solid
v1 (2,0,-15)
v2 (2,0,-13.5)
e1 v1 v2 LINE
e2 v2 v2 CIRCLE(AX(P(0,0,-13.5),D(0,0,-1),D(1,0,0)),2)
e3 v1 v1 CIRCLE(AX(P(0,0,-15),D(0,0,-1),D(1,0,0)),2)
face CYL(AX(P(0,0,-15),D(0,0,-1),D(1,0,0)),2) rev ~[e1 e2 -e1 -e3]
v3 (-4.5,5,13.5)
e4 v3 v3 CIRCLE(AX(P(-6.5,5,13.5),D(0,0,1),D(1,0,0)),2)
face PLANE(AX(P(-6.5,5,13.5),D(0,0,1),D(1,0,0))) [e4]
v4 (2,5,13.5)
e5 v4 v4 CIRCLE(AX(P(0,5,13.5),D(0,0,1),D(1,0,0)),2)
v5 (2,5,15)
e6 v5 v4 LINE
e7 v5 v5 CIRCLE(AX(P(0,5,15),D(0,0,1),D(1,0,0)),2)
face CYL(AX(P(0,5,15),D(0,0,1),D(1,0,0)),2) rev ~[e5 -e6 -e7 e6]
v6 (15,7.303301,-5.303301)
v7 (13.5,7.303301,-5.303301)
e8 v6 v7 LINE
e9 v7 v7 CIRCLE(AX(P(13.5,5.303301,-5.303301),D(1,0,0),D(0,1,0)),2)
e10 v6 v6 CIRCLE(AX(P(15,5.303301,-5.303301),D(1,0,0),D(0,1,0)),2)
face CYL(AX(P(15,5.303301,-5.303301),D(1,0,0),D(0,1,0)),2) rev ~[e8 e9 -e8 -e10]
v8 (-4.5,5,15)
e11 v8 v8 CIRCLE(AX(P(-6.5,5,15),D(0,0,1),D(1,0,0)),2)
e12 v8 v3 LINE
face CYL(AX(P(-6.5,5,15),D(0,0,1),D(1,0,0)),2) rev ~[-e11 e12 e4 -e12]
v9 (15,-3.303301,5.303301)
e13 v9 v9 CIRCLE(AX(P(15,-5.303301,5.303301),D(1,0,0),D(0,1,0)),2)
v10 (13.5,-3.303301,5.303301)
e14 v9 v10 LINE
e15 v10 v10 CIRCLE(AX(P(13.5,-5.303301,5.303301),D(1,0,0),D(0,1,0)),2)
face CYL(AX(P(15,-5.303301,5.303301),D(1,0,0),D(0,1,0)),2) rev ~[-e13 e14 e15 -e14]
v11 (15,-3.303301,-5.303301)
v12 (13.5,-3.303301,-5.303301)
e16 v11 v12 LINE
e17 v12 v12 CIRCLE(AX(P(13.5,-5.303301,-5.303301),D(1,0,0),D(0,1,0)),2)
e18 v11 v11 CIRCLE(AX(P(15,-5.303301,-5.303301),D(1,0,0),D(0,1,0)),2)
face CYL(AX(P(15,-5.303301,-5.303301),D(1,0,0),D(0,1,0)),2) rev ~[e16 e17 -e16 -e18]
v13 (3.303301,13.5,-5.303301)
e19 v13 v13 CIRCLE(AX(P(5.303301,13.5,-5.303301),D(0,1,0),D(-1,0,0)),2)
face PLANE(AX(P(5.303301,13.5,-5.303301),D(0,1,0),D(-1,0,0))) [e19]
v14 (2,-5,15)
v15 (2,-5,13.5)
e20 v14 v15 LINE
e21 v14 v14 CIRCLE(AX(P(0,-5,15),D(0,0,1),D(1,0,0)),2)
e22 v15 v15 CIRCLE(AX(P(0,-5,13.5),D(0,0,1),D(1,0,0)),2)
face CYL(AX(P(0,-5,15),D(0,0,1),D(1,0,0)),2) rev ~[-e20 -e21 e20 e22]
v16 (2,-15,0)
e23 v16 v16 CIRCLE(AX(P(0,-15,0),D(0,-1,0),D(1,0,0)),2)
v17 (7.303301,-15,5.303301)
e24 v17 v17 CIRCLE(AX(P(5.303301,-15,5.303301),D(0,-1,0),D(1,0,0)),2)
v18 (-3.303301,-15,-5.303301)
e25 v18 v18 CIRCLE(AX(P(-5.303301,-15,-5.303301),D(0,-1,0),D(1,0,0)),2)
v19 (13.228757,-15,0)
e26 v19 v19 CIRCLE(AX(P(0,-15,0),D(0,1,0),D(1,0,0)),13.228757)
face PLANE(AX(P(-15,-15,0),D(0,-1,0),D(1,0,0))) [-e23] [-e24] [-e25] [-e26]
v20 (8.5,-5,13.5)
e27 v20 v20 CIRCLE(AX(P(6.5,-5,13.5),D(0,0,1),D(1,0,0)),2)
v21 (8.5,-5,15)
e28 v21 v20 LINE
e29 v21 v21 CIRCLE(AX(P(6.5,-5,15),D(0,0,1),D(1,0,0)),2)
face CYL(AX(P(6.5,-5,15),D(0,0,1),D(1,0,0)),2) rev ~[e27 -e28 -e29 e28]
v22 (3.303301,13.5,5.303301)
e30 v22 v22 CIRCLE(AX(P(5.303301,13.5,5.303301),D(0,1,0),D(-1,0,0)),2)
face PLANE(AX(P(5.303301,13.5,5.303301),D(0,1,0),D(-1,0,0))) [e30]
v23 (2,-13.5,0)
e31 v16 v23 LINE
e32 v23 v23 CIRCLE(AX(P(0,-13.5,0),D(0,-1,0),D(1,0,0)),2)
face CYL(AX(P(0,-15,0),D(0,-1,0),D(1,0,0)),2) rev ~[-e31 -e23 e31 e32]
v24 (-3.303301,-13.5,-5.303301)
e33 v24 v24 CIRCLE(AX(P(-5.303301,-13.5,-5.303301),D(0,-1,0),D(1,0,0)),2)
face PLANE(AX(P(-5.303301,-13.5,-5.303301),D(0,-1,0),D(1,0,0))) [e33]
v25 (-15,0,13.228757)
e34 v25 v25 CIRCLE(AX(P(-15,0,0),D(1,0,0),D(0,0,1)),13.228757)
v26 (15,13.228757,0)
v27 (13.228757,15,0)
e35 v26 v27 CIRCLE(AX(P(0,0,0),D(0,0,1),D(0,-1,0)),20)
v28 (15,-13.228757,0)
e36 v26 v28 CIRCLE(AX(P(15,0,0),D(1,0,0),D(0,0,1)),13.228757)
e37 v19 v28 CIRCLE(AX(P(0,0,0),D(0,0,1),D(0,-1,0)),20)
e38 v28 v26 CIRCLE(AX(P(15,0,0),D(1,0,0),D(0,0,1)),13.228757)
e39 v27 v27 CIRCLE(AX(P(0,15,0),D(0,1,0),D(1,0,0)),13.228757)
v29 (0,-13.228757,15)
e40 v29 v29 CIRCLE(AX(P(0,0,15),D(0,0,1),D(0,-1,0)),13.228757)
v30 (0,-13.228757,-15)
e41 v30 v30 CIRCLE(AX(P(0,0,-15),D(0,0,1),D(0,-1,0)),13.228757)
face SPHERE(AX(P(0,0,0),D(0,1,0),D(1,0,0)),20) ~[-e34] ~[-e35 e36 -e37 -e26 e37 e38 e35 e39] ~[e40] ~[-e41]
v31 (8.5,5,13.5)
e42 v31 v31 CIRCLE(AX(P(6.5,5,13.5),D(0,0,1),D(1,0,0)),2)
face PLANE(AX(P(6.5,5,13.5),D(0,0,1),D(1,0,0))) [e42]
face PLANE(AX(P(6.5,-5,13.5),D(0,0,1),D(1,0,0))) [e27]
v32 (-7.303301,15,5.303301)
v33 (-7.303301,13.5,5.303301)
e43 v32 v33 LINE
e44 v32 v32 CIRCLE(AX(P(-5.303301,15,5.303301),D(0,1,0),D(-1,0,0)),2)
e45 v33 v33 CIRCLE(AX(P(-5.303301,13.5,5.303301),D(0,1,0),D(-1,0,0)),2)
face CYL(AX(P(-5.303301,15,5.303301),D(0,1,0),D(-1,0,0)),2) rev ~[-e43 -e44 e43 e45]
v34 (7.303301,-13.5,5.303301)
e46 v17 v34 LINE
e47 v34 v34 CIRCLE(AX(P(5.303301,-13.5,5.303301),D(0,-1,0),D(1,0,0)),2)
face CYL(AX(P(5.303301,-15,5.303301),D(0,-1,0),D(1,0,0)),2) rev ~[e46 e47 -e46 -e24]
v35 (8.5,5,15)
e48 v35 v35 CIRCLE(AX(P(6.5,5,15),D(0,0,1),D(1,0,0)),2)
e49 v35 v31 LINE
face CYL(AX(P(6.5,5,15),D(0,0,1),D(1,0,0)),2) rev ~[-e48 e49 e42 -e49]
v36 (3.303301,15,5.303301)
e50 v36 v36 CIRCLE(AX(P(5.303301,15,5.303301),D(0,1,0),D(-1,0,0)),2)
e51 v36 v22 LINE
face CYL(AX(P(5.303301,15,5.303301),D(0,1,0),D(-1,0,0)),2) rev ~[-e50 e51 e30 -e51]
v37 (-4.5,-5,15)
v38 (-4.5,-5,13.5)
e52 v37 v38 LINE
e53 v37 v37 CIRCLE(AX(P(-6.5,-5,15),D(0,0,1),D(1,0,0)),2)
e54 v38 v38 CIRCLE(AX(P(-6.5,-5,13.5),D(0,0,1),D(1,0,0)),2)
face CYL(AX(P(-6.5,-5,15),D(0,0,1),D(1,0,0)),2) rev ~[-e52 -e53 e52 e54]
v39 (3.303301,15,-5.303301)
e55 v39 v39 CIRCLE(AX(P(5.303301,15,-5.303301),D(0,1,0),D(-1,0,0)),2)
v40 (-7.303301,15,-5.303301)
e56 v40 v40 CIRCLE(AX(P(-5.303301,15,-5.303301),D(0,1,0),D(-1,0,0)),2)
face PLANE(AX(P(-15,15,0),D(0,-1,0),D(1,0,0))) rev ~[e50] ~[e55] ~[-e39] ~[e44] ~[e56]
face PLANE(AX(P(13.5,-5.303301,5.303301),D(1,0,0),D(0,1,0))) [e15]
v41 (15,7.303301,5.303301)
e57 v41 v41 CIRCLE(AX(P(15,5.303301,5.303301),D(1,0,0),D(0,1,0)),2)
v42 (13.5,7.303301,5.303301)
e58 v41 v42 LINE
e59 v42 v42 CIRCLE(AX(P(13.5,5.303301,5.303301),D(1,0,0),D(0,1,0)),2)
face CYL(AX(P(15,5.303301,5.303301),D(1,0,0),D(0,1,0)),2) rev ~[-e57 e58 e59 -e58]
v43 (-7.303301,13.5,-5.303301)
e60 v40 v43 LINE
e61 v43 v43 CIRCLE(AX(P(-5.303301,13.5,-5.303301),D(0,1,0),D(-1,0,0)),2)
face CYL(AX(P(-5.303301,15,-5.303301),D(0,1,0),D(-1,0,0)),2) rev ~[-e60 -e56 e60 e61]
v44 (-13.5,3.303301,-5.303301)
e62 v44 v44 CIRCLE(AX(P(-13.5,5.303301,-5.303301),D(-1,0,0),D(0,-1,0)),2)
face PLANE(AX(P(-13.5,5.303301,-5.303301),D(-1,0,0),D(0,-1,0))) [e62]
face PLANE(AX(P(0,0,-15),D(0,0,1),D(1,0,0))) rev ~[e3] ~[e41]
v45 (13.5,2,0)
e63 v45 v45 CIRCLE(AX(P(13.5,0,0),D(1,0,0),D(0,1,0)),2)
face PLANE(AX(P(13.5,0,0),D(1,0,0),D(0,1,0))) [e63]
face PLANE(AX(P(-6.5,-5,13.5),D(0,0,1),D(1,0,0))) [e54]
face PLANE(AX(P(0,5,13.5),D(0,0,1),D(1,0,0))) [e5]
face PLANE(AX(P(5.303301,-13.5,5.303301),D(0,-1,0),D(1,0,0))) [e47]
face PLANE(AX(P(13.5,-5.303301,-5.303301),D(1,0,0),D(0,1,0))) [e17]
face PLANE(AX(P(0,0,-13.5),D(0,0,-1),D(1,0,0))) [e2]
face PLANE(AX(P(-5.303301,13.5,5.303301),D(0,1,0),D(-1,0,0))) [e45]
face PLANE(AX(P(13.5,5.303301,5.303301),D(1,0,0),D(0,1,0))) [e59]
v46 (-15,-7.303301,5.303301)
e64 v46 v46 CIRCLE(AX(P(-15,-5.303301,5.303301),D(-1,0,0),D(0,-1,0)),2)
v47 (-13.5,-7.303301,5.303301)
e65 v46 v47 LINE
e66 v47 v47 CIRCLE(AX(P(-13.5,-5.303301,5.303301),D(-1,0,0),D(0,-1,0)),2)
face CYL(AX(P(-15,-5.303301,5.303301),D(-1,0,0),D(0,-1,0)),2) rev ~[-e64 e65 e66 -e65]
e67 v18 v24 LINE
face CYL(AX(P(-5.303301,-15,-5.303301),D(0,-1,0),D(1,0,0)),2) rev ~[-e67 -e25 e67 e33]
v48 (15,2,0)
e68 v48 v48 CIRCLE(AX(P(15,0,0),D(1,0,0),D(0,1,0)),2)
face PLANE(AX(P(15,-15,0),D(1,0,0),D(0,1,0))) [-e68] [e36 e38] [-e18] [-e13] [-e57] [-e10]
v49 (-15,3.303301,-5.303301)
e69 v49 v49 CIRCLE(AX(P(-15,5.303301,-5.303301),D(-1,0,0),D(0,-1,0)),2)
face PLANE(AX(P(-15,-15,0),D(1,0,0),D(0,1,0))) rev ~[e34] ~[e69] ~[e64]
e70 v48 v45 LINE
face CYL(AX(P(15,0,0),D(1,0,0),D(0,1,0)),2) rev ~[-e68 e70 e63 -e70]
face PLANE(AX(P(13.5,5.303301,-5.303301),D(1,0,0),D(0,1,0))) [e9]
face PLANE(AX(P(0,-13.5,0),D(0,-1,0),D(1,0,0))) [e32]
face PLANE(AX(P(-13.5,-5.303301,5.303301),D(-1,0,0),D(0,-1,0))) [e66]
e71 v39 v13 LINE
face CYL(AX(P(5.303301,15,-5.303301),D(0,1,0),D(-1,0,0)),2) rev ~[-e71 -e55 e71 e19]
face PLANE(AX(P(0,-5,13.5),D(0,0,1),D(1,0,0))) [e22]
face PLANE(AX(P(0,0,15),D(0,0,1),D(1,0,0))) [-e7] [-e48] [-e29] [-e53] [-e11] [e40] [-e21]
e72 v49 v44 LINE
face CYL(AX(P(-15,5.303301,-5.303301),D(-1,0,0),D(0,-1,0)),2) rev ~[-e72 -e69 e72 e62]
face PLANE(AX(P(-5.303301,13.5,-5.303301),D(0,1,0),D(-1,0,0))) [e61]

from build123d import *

# Parameters (mm, degrees)
F0_W      = 30
F0_H      = 30
F1_DEPTH  = 15
F5_R      = 2
F6_DEPTH  = 1.5
F7_R      = 2
F8_DEPTH  = 1.5
F9_R      = 2
F10_DEPTH = 1.5
F11_R     = 2
F12_DEPTH = 1.5
F13_R     = 2
F14_DEPTH = 1.5
F15_R     = 2
F16_DEPTH = 1.5


with BuildPart() as f1:
    # F0 (on Top) → F1 (new body, symmetric)
    with BuildSketch(Plane.XY):
        Rectangle(F0_W, F0_H)
    extrude(amount=F1_DEPTH, both=True)


with BuildPart() as f3:
    # F2 (on Top) → F3 (revolve)
    with BuildSketch(Plane.XY):
        with BuildLine():
            ThreePointArc((0, -20), (20, 0), (0, 20))
            Line((0, 20), (0, -20))
        make_face()
    revolve(axis=Axis((0, 0, 0), (0, -1, 0)))


with BuildPart() as f1_1:
    add(f1.part)

    # F4: intersect F3
    add(f3.part, mode=Mode.INTERSECT)

    # F5 (on face) → F6 (cut)
    with BuildSketch(Plane(origin=(0, 0, -15), x_dir=(1, 0, 0), z_dir=(0, 0, -1))):
        Circle(F5_R)
    extrude(amount=-F6_DEPTH, mode=Mode.SUBTRACT)

    # F7 (on face) → F8 (cut)
    with BuildSketch(Plane.XY.offset(15)):
        with Locations((0, 5)):
            Circle(F7_R)
        with Locations((6.5, 5)):
            Circle(F7_R)
        with Locations((0, -5)):
            Circle(F7_R)
        with Locations((6.5, -5)):
            Circle(F7_R)
        with Locations((-6.5, -5)):
            Circle(F7_R)
        with Locations((-6.5, 5)):
            Circle(F7_R)
    extrude(amount=-F8_DEPTH, mode=Mode.SUBTRACT)

    # F9 (on face) → F10 (cut)
    with BuildSketch(Plane(origin=(-15, 0, 0), x_dir=(0, -1, 0), z_dir=(-1, 0, 0))):
        with Locations((5.303301, 5.303301)):
            Circle(F9_R)
        with Locations((-5.303301, -5.303301)):
            Circle(F9_R)
    extrude(amount=-F10_DEPTH, mode=Mode.SUBTRACT)

    # F11 (on face) → F12 (cut)
    with BuildSketch(Plane.YZ.offset(15)):
        with Locations((5.303301, 5.303301)):
            Circle(F11_R)
        Circle(F11_R)
        with Locations((-5.303301, 5.303301)):
            Circle(F11_R)
        with Locations((5.303301, -5.303301)):
            Circle(F11_R)
        with Locations((-5.303301, -5.303301)):
            Circle(F11_R)
    extrude(amount=-F12_DEPTH, mode=Mode.SUBTRACT)

    # F13 (on face) → F14 (cut)
    with BuildSketch(Plane.XZ.offset(15)):
        with Locations((5.303301, 5.303301)):
            Circle(F13_R)
        Circle(F13_R)
        with Locations((-5.303301, -5.303301)):
            Circle(F13_R)
    extrude(amount=-F14_DEPTH, mode=Mode.SUBTRACT)

    # F15 (on face) → F16 (cut)
    with BuildSketch(Plane(origin=(0, 15, 0), x_dir=(-1, 0, 0), z_dir=(0, 1, 0))):
        with Locations((5.303301, 5.303301)):
            Circle(F15_R)
        with Locations((-5.303301, 5.303301)):
            Circle(F15_R)
        with Locations((5.303301, -5.303301)):
            Circle(F15_R)
        with Locations((-5.303301, -5.303301)):
            Circle(F15_R)
    extrude(amount=-F16_DEPTH, mode=Mode.SUBTRACT)


solid = f1_1.part
